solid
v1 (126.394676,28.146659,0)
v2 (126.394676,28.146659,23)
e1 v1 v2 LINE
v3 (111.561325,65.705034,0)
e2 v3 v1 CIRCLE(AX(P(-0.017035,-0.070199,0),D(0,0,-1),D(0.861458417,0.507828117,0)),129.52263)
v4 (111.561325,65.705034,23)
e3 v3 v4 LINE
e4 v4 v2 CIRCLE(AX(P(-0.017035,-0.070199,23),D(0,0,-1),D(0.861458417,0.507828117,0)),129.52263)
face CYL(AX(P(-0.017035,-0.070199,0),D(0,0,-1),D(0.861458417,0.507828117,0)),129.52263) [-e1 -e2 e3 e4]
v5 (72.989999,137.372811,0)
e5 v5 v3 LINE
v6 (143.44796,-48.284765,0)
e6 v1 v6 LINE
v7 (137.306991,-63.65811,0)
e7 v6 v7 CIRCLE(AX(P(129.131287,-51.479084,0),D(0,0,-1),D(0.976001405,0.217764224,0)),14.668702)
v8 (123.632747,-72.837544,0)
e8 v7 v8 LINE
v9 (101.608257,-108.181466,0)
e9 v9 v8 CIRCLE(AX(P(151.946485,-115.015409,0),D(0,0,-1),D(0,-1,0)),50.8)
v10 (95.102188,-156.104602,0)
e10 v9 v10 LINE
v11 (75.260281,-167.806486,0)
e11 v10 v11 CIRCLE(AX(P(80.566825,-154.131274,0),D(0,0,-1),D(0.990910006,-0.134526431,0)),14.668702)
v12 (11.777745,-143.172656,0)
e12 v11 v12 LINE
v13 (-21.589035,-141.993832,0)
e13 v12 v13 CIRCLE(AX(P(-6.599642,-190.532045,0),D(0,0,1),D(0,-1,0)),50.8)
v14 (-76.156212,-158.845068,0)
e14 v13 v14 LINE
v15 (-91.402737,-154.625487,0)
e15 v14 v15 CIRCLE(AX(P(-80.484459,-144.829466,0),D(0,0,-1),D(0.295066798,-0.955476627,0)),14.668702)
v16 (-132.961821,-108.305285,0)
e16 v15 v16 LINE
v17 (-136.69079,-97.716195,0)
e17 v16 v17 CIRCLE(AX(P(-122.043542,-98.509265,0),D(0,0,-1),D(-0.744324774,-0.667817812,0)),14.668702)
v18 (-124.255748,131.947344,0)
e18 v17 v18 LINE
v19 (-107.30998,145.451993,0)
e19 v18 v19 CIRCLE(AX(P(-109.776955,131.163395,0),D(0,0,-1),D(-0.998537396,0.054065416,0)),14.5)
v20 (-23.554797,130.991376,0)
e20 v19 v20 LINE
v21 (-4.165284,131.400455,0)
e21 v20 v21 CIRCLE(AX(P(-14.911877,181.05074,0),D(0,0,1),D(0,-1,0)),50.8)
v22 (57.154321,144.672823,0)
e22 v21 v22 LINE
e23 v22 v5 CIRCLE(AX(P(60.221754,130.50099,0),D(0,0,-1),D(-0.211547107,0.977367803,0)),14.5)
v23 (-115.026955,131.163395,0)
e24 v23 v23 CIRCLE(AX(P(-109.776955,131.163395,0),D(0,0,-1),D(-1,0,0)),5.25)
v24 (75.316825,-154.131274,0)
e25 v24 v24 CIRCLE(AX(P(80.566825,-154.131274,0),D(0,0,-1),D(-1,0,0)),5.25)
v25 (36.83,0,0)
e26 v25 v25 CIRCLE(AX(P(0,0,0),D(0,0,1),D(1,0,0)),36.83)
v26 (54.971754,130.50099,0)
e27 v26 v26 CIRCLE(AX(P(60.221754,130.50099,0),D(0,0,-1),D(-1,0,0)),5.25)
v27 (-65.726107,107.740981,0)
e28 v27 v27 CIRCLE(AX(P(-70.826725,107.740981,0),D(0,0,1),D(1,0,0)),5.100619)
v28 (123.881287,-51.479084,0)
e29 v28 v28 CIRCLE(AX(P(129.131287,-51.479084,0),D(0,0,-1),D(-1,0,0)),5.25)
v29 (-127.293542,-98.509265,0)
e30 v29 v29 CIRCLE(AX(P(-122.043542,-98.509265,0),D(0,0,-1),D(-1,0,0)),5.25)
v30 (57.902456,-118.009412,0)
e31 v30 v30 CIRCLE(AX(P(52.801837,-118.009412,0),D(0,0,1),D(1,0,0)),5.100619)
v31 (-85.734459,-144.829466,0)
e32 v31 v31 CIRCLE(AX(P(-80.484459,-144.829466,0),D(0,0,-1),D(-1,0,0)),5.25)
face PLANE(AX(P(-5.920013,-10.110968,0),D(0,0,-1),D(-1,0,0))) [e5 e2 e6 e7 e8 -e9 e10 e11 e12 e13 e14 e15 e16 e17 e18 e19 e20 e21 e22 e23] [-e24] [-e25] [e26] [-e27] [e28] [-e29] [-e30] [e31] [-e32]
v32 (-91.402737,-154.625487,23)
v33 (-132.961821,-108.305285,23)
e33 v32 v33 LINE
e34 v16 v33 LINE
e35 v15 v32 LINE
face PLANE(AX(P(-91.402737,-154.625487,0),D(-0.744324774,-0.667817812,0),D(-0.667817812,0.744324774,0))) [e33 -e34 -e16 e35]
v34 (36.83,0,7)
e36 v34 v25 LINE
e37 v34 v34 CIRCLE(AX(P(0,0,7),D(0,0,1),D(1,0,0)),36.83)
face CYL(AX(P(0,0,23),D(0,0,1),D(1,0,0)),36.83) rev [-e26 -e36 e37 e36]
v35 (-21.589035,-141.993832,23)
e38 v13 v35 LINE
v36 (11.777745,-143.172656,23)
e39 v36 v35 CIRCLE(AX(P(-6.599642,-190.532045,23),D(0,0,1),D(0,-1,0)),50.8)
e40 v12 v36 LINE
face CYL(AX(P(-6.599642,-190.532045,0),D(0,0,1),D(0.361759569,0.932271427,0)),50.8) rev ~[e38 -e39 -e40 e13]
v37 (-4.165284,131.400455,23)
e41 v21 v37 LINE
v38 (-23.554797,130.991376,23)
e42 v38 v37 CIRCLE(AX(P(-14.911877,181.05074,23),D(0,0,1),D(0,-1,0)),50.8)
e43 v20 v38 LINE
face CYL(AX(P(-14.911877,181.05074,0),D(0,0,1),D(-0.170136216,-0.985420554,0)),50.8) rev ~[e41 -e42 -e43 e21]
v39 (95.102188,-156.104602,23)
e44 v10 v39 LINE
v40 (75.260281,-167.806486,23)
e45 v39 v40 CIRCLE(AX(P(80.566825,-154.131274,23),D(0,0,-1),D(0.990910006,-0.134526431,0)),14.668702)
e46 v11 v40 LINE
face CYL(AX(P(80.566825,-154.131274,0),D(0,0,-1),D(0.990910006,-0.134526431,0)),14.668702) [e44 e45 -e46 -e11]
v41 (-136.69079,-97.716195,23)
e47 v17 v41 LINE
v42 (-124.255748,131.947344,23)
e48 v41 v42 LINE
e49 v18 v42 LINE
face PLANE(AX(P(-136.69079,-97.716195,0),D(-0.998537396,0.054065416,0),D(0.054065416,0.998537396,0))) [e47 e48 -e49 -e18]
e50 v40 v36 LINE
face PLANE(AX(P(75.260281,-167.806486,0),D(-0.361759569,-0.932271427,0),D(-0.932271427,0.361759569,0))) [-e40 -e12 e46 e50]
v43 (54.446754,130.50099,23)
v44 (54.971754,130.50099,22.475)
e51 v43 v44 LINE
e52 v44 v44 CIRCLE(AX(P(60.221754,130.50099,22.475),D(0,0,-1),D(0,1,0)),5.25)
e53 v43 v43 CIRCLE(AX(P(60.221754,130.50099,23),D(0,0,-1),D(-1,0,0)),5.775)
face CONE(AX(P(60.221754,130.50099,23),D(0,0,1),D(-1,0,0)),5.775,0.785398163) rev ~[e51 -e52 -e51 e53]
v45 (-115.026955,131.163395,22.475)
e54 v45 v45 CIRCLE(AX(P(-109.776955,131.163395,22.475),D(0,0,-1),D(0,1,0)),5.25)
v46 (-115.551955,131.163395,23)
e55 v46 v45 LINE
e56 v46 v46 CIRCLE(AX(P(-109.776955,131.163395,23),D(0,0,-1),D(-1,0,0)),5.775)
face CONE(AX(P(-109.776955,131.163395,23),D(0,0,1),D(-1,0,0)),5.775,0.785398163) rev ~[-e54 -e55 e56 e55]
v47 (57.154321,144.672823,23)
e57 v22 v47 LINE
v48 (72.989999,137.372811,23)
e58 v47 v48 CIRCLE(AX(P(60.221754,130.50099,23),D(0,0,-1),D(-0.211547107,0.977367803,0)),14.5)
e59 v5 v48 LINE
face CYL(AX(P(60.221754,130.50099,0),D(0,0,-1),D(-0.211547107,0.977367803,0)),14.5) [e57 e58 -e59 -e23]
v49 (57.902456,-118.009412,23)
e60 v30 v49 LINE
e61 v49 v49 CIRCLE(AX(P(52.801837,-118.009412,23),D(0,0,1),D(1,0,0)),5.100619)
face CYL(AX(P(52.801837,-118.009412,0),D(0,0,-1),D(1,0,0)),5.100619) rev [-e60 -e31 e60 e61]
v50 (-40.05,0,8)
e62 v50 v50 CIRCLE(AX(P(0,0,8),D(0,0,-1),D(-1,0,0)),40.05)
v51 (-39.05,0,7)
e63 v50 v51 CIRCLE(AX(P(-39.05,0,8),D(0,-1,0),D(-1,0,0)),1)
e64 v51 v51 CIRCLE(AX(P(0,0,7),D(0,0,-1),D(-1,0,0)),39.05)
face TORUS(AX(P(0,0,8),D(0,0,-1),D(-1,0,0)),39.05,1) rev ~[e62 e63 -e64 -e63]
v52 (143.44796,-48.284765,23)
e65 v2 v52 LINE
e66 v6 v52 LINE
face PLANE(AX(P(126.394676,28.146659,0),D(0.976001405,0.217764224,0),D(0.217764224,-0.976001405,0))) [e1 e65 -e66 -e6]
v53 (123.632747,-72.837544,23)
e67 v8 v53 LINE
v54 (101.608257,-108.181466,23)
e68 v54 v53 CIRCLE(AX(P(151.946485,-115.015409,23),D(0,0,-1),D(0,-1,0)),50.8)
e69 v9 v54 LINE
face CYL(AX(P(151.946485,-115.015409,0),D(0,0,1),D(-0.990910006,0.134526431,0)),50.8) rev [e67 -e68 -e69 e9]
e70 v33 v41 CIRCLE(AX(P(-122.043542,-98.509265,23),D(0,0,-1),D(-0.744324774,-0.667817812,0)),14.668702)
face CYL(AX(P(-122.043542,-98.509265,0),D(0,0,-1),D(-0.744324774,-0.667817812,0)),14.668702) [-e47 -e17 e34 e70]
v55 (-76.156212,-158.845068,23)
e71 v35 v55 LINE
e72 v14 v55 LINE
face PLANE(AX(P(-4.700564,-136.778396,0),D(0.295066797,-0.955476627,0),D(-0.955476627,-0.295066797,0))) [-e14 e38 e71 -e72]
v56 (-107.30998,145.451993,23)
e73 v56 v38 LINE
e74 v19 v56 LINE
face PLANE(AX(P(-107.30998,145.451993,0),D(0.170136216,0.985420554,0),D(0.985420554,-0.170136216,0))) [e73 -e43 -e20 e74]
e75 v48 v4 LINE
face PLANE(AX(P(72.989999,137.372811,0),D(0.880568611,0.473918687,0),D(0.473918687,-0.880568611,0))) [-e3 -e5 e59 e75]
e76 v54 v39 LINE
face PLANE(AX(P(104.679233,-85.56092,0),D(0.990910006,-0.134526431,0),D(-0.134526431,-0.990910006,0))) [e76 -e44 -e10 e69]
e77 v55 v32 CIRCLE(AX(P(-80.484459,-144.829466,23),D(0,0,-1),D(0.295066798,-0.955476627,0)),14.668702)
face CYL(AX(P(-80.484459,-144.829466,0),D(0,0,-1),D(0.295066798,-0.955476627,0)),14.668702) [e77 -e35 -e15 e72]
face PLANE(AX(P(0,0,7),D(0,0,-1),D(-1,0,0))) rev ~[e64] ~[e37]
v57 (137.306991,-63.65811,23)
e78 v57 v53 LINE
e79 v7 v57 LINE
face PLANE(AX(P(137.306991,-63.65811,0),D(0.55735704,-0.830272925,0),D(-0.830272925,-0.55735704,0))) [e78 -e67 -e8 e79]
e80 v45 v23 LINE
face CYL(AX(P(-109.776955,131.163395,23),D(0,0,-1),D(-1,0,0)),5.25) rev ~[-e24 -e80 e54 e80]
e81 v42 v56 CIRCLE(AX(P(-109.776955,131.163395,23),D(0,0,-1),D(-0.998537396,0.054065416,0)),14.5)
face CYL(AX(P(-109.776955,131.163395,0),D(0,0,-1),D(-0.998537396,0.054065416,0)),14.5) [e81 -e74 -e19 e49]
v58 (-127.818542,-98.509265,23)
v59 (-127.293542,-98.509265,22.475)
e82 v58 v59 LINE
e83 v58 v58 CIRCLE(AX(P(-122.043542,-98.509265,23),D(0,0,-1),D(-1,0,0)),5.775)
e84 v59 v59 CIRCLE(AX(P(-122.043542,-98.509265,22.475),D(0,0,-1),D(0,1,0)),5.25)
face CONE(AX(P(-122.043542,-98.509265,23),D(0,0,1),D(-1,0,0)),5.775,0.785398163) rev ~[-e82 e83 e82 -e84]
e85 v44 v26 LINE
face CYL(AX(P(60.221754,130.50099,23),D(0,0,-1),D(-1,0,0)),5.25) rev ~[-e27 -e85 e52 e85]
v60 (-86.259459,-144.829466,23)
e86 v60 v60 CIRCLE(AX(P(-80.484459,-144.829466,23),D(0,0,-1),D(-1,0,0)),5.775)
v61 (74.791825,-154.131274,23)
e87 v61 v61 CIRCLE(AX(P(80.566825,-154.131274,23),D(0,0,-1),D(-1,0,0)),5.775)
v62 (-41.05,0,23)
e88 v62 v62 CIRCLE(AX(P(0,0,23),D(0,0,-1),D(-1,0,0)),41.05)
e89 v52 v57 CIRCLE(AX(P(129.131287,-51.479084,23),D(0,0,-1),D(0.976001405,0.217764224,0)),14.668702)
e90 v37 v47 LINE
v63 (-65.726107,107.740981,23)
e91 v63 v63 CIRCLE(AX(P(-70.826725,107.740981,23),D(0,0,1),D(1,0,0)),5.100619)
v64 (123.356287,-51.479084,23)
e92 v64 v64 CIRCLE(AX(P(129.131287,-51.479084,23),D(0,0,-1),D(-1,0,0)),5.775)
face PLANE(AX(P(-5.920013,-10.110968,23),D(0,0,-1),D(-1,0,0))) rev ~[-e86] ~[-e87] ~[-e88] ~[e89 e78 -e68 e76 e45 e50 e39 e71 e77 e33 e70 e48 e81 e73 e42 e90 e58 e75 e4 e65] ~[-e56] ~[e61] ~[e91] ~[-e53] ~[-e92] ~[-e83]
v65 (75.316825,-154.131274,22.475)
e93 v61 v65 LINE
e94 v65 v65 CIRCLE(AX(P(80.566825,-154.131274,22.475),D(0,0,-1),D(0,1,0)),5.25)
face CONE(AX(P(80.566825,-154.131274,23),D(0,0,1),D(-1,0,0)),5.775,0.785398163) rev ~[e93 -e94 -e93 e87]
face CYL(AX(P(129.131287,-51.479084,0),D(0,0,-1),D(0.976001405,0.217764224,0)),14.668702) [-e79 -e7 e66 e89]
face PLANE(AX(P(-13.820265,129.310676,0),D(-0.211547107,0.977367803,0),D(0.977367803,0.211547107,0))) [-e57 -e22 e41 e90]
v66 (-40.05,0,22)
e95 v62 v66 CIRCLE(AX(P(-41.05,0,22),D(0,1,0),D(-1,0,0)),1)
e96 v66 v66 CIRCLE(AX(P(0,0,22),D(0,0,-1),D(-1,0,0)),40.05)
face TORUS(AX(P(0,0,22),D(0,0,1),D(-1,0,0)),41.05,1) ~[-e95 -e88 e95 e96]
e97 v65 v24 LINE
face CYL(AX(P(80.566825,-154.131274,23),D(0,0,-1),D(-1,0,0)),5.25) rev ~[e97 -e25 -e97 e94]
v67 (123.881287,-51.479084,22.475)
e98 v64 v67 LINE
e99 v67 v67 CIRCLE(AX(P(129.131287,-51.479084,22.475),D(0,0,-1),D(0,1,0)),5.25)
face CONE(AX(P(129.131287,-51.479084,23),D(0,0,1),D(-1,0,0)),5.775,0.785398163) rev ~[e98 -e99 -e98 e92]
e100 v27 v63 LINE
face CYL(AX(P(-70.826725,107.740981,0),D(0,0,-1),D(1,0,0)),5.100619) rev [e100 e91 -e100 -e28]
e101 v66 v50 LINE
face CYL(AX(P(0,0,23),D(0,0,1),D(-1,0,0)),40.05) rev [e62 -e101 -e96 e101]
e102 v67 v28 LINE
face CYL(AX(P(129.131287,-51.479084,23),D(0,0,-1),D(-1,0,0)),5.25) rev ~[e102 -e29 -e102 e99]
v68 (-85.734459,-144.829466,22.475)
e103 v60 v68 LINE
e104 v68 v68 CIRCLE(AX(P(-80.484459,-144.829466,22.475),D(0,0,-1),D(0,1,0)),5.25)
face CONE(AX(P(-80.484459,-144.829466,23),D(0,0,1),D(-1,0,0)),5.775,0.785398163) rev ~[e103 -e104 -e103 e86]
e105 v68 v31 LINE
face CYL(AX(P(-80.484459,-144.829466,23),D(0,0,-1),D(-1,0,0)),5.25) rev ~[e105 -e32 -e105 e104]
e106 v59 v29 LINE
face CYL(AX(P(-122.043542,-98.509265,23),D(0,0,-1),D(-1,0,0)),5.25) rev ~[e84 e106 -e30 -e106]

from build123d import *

# Parameters (mm, degrees)
SKETCH1_R                       = 1.5
SKETCH1_R_2                     = 5.100618704
BOSS_EXTRUDE1_DEPTH             = 23
FILLET2_R                       = 50.8
SKETCH2_R                       = 40.05
CUT_EXTRUDE1_DEPTH              = 16
SKETCH5_R                       = 36.83
CUT_EXTRUDE2_DEPTH              = 25.4
FILLET5_R                       = 1
FILLET6_R                       = 1
M10_CLEARANCE_HOLE4_D           = 10.5
M10_CLEARANCE_HOLE4_CSINK_D     = 11.55
M10_CLEARANCE_HOLE4_CSINK_ANGLE = 90


with BuildPart() as part:
    # Sketch1 → Boss-Extrude1 (new body)
    with BuildSketch(Plane.XY):
        with BuildLine():
            Line((75.260281277, -167.806485638), (-4.700564051, -136.778396463))
            Line((-4.700564051, -136.778396463), (-76.156211748, -158.845068243))
            ThreePointArc((-76.156211748, -158.845068243), (-84.397046653, -158.966738807), (-91.402736844, -154.625486844))
            Line((-91.402736844, -154.625486844), (-132.961820606, -108.305285312))
            ThreePointArc((-132.961820606, -108.305285312), (-135.879409932, -103.381593327), (-136.690789762, -97.716195457))
            Line((-136.690789762, -97.716195457), (-124.255747511, 131.9473438))
            ThreePointArc((-124.255747511, 131.9473438), (-118.813814635, 142.502935513), (-107.309980144, 145.451993305))
            Line((-107.309980144, 145.451993305), (-13.820265411, 129.310675557))
            Line((-13.820265411, 129.310675557), (57.154321142, 144.67282316))
            ThreePointArc((57.154321142, 144.67282316), (66.292090414, 143.669172059), (72.989999045, 137.372810987))
            Line((72.989999045, 137.372810987), (111.561324809, 65.705034096))
            ThreePointArc((111.561324809, 65.705034096), (120.450704592, 47.507478462), (126.394675624, 28.146659461))
            Line((126.394675624, 28.146659461), (143.447960396, -48.284765241))
            ThreePointArc((143.447960396, -48.284765241), (142.753389973, -56.92050988), (137.306991007, -63.658109738))
            Line((137.306991007, -63.658109738), (104.679233021, -85.560920301))
            Line((104.679233021, -85.560920301), (95.102188007, -156.104602115))
            ThreePointArc((95.102188007, -156.104602115), (88.018421694, -166.766325043), (75.260281277, -167.806485638))
        make_face()
        with Locations((-109.776955272, 131.163395273)):
            Circle(SKETCH1_R, mode=Mode.SUBTRACT)
        with Locations((-70.826725389, 107.740981135)):
            Circle(SKETCH1_R_2, mode=Mode.SUBTRACT)
        with Locations((-122.043542394, -98.509264921)):
            Circle(SKETCH1_R, mode=Mode.SUBTRACT)
        with Locations((-80.484458632, -144.829466453)):
            Circle(SKETCH1_R, mode=Mode.SUBTRACT)
        with Locations((52.801836898, -118.009411705)):
            Circle(SKETCH1_R_2, mode=Mode.SUBTRACT)
        with Locations((80.566824551, -154.131274008)):
            Circle(SKETCH1_R, mode=Mode.SUBTRACT)
        with Locations((129.131286757, -51.479083724)):
            Circle(SKETCH1_R, mode=Mode.SUBTRACT)
        with Locations((60.221754192, 130.500990023)):
            Circle(SKETCH1_R, mode=Mode.SUBTRACT)
    extrude(amount=BOSS_EXTRUDE1_DEPTH)

    # Fillet2
    fillet2_edges = [part.edges().sort_by_distance(p)[0] for p in [
        (104.679233021, -85.560920301, 11.5),
        (-4.700564051, -136.778396463, 11.5),
        (-13.820265411, 129.310675557, 11.5),
    ]]
    fillet(fillet2_edges, radius=FILLET2_R)

    # Sketch2 → Cut-Extrude1 (cut)
    with BuildSketch(Plane(origin=(0, 0, 23), x_dir=(-1, 0, 0), z_dir=(0, 0, -1))):
        Circle(SKETCH2_R)
    extrude(amount=CUT_EXTRUDE1_DEPTH, mode=Mode.SUBTRACT)

    # Sketch5 → Cut-Extrude2 (cut)
    with BuildSketch(Plane(origin=(0, 0, 23), x_dir=(-1, 0, 0), z_dir=(0, 0, -1))):
        with Locations(Location((0, 0, 0), (0, 0, 180))):
            Circle(SKETCH5_R)
    extrude(amount=CUT_EXTRUDE2_DEPTH, mode=Mode.SUBTRACT)

    # Fillet5
    fillet5_edges = [part.edges().sort_by_distance(p)[0] for p in [
        (40.05, 0, 23),
    ]]
    fillet(fillet5_edges, radius=FILLET5_R)

    # Fillet6
    fillet6_edges = [part.edges().sort_by_distance(p)[0] for p in [
        (40.05, 0, 7),
    ]]
    fillet(fillet6_edges, radius=FILLET6_R)

    # M10 Clearance Hole4 (through all)
    with Locations(Plane.XY.offset(23)):
        with Locations((60.221754192, 130.500990023), (-109.776955272, 131.163395273), (129.131286757, -51.479083724), (80.566824551, -154.131274008), (-80.484458632, -144.829466453), (-122.043542394, -98.509264921)):
            CounterSinkHole(M10_CLEARANCE_HOLE4_D / 2, M10_CLEARANCE_HOLE4_CSINK_D / 2, counter_sink_angle=M10_CLEARANCE_HOLE4_CSINK_ANGLE)


solid = part.part
